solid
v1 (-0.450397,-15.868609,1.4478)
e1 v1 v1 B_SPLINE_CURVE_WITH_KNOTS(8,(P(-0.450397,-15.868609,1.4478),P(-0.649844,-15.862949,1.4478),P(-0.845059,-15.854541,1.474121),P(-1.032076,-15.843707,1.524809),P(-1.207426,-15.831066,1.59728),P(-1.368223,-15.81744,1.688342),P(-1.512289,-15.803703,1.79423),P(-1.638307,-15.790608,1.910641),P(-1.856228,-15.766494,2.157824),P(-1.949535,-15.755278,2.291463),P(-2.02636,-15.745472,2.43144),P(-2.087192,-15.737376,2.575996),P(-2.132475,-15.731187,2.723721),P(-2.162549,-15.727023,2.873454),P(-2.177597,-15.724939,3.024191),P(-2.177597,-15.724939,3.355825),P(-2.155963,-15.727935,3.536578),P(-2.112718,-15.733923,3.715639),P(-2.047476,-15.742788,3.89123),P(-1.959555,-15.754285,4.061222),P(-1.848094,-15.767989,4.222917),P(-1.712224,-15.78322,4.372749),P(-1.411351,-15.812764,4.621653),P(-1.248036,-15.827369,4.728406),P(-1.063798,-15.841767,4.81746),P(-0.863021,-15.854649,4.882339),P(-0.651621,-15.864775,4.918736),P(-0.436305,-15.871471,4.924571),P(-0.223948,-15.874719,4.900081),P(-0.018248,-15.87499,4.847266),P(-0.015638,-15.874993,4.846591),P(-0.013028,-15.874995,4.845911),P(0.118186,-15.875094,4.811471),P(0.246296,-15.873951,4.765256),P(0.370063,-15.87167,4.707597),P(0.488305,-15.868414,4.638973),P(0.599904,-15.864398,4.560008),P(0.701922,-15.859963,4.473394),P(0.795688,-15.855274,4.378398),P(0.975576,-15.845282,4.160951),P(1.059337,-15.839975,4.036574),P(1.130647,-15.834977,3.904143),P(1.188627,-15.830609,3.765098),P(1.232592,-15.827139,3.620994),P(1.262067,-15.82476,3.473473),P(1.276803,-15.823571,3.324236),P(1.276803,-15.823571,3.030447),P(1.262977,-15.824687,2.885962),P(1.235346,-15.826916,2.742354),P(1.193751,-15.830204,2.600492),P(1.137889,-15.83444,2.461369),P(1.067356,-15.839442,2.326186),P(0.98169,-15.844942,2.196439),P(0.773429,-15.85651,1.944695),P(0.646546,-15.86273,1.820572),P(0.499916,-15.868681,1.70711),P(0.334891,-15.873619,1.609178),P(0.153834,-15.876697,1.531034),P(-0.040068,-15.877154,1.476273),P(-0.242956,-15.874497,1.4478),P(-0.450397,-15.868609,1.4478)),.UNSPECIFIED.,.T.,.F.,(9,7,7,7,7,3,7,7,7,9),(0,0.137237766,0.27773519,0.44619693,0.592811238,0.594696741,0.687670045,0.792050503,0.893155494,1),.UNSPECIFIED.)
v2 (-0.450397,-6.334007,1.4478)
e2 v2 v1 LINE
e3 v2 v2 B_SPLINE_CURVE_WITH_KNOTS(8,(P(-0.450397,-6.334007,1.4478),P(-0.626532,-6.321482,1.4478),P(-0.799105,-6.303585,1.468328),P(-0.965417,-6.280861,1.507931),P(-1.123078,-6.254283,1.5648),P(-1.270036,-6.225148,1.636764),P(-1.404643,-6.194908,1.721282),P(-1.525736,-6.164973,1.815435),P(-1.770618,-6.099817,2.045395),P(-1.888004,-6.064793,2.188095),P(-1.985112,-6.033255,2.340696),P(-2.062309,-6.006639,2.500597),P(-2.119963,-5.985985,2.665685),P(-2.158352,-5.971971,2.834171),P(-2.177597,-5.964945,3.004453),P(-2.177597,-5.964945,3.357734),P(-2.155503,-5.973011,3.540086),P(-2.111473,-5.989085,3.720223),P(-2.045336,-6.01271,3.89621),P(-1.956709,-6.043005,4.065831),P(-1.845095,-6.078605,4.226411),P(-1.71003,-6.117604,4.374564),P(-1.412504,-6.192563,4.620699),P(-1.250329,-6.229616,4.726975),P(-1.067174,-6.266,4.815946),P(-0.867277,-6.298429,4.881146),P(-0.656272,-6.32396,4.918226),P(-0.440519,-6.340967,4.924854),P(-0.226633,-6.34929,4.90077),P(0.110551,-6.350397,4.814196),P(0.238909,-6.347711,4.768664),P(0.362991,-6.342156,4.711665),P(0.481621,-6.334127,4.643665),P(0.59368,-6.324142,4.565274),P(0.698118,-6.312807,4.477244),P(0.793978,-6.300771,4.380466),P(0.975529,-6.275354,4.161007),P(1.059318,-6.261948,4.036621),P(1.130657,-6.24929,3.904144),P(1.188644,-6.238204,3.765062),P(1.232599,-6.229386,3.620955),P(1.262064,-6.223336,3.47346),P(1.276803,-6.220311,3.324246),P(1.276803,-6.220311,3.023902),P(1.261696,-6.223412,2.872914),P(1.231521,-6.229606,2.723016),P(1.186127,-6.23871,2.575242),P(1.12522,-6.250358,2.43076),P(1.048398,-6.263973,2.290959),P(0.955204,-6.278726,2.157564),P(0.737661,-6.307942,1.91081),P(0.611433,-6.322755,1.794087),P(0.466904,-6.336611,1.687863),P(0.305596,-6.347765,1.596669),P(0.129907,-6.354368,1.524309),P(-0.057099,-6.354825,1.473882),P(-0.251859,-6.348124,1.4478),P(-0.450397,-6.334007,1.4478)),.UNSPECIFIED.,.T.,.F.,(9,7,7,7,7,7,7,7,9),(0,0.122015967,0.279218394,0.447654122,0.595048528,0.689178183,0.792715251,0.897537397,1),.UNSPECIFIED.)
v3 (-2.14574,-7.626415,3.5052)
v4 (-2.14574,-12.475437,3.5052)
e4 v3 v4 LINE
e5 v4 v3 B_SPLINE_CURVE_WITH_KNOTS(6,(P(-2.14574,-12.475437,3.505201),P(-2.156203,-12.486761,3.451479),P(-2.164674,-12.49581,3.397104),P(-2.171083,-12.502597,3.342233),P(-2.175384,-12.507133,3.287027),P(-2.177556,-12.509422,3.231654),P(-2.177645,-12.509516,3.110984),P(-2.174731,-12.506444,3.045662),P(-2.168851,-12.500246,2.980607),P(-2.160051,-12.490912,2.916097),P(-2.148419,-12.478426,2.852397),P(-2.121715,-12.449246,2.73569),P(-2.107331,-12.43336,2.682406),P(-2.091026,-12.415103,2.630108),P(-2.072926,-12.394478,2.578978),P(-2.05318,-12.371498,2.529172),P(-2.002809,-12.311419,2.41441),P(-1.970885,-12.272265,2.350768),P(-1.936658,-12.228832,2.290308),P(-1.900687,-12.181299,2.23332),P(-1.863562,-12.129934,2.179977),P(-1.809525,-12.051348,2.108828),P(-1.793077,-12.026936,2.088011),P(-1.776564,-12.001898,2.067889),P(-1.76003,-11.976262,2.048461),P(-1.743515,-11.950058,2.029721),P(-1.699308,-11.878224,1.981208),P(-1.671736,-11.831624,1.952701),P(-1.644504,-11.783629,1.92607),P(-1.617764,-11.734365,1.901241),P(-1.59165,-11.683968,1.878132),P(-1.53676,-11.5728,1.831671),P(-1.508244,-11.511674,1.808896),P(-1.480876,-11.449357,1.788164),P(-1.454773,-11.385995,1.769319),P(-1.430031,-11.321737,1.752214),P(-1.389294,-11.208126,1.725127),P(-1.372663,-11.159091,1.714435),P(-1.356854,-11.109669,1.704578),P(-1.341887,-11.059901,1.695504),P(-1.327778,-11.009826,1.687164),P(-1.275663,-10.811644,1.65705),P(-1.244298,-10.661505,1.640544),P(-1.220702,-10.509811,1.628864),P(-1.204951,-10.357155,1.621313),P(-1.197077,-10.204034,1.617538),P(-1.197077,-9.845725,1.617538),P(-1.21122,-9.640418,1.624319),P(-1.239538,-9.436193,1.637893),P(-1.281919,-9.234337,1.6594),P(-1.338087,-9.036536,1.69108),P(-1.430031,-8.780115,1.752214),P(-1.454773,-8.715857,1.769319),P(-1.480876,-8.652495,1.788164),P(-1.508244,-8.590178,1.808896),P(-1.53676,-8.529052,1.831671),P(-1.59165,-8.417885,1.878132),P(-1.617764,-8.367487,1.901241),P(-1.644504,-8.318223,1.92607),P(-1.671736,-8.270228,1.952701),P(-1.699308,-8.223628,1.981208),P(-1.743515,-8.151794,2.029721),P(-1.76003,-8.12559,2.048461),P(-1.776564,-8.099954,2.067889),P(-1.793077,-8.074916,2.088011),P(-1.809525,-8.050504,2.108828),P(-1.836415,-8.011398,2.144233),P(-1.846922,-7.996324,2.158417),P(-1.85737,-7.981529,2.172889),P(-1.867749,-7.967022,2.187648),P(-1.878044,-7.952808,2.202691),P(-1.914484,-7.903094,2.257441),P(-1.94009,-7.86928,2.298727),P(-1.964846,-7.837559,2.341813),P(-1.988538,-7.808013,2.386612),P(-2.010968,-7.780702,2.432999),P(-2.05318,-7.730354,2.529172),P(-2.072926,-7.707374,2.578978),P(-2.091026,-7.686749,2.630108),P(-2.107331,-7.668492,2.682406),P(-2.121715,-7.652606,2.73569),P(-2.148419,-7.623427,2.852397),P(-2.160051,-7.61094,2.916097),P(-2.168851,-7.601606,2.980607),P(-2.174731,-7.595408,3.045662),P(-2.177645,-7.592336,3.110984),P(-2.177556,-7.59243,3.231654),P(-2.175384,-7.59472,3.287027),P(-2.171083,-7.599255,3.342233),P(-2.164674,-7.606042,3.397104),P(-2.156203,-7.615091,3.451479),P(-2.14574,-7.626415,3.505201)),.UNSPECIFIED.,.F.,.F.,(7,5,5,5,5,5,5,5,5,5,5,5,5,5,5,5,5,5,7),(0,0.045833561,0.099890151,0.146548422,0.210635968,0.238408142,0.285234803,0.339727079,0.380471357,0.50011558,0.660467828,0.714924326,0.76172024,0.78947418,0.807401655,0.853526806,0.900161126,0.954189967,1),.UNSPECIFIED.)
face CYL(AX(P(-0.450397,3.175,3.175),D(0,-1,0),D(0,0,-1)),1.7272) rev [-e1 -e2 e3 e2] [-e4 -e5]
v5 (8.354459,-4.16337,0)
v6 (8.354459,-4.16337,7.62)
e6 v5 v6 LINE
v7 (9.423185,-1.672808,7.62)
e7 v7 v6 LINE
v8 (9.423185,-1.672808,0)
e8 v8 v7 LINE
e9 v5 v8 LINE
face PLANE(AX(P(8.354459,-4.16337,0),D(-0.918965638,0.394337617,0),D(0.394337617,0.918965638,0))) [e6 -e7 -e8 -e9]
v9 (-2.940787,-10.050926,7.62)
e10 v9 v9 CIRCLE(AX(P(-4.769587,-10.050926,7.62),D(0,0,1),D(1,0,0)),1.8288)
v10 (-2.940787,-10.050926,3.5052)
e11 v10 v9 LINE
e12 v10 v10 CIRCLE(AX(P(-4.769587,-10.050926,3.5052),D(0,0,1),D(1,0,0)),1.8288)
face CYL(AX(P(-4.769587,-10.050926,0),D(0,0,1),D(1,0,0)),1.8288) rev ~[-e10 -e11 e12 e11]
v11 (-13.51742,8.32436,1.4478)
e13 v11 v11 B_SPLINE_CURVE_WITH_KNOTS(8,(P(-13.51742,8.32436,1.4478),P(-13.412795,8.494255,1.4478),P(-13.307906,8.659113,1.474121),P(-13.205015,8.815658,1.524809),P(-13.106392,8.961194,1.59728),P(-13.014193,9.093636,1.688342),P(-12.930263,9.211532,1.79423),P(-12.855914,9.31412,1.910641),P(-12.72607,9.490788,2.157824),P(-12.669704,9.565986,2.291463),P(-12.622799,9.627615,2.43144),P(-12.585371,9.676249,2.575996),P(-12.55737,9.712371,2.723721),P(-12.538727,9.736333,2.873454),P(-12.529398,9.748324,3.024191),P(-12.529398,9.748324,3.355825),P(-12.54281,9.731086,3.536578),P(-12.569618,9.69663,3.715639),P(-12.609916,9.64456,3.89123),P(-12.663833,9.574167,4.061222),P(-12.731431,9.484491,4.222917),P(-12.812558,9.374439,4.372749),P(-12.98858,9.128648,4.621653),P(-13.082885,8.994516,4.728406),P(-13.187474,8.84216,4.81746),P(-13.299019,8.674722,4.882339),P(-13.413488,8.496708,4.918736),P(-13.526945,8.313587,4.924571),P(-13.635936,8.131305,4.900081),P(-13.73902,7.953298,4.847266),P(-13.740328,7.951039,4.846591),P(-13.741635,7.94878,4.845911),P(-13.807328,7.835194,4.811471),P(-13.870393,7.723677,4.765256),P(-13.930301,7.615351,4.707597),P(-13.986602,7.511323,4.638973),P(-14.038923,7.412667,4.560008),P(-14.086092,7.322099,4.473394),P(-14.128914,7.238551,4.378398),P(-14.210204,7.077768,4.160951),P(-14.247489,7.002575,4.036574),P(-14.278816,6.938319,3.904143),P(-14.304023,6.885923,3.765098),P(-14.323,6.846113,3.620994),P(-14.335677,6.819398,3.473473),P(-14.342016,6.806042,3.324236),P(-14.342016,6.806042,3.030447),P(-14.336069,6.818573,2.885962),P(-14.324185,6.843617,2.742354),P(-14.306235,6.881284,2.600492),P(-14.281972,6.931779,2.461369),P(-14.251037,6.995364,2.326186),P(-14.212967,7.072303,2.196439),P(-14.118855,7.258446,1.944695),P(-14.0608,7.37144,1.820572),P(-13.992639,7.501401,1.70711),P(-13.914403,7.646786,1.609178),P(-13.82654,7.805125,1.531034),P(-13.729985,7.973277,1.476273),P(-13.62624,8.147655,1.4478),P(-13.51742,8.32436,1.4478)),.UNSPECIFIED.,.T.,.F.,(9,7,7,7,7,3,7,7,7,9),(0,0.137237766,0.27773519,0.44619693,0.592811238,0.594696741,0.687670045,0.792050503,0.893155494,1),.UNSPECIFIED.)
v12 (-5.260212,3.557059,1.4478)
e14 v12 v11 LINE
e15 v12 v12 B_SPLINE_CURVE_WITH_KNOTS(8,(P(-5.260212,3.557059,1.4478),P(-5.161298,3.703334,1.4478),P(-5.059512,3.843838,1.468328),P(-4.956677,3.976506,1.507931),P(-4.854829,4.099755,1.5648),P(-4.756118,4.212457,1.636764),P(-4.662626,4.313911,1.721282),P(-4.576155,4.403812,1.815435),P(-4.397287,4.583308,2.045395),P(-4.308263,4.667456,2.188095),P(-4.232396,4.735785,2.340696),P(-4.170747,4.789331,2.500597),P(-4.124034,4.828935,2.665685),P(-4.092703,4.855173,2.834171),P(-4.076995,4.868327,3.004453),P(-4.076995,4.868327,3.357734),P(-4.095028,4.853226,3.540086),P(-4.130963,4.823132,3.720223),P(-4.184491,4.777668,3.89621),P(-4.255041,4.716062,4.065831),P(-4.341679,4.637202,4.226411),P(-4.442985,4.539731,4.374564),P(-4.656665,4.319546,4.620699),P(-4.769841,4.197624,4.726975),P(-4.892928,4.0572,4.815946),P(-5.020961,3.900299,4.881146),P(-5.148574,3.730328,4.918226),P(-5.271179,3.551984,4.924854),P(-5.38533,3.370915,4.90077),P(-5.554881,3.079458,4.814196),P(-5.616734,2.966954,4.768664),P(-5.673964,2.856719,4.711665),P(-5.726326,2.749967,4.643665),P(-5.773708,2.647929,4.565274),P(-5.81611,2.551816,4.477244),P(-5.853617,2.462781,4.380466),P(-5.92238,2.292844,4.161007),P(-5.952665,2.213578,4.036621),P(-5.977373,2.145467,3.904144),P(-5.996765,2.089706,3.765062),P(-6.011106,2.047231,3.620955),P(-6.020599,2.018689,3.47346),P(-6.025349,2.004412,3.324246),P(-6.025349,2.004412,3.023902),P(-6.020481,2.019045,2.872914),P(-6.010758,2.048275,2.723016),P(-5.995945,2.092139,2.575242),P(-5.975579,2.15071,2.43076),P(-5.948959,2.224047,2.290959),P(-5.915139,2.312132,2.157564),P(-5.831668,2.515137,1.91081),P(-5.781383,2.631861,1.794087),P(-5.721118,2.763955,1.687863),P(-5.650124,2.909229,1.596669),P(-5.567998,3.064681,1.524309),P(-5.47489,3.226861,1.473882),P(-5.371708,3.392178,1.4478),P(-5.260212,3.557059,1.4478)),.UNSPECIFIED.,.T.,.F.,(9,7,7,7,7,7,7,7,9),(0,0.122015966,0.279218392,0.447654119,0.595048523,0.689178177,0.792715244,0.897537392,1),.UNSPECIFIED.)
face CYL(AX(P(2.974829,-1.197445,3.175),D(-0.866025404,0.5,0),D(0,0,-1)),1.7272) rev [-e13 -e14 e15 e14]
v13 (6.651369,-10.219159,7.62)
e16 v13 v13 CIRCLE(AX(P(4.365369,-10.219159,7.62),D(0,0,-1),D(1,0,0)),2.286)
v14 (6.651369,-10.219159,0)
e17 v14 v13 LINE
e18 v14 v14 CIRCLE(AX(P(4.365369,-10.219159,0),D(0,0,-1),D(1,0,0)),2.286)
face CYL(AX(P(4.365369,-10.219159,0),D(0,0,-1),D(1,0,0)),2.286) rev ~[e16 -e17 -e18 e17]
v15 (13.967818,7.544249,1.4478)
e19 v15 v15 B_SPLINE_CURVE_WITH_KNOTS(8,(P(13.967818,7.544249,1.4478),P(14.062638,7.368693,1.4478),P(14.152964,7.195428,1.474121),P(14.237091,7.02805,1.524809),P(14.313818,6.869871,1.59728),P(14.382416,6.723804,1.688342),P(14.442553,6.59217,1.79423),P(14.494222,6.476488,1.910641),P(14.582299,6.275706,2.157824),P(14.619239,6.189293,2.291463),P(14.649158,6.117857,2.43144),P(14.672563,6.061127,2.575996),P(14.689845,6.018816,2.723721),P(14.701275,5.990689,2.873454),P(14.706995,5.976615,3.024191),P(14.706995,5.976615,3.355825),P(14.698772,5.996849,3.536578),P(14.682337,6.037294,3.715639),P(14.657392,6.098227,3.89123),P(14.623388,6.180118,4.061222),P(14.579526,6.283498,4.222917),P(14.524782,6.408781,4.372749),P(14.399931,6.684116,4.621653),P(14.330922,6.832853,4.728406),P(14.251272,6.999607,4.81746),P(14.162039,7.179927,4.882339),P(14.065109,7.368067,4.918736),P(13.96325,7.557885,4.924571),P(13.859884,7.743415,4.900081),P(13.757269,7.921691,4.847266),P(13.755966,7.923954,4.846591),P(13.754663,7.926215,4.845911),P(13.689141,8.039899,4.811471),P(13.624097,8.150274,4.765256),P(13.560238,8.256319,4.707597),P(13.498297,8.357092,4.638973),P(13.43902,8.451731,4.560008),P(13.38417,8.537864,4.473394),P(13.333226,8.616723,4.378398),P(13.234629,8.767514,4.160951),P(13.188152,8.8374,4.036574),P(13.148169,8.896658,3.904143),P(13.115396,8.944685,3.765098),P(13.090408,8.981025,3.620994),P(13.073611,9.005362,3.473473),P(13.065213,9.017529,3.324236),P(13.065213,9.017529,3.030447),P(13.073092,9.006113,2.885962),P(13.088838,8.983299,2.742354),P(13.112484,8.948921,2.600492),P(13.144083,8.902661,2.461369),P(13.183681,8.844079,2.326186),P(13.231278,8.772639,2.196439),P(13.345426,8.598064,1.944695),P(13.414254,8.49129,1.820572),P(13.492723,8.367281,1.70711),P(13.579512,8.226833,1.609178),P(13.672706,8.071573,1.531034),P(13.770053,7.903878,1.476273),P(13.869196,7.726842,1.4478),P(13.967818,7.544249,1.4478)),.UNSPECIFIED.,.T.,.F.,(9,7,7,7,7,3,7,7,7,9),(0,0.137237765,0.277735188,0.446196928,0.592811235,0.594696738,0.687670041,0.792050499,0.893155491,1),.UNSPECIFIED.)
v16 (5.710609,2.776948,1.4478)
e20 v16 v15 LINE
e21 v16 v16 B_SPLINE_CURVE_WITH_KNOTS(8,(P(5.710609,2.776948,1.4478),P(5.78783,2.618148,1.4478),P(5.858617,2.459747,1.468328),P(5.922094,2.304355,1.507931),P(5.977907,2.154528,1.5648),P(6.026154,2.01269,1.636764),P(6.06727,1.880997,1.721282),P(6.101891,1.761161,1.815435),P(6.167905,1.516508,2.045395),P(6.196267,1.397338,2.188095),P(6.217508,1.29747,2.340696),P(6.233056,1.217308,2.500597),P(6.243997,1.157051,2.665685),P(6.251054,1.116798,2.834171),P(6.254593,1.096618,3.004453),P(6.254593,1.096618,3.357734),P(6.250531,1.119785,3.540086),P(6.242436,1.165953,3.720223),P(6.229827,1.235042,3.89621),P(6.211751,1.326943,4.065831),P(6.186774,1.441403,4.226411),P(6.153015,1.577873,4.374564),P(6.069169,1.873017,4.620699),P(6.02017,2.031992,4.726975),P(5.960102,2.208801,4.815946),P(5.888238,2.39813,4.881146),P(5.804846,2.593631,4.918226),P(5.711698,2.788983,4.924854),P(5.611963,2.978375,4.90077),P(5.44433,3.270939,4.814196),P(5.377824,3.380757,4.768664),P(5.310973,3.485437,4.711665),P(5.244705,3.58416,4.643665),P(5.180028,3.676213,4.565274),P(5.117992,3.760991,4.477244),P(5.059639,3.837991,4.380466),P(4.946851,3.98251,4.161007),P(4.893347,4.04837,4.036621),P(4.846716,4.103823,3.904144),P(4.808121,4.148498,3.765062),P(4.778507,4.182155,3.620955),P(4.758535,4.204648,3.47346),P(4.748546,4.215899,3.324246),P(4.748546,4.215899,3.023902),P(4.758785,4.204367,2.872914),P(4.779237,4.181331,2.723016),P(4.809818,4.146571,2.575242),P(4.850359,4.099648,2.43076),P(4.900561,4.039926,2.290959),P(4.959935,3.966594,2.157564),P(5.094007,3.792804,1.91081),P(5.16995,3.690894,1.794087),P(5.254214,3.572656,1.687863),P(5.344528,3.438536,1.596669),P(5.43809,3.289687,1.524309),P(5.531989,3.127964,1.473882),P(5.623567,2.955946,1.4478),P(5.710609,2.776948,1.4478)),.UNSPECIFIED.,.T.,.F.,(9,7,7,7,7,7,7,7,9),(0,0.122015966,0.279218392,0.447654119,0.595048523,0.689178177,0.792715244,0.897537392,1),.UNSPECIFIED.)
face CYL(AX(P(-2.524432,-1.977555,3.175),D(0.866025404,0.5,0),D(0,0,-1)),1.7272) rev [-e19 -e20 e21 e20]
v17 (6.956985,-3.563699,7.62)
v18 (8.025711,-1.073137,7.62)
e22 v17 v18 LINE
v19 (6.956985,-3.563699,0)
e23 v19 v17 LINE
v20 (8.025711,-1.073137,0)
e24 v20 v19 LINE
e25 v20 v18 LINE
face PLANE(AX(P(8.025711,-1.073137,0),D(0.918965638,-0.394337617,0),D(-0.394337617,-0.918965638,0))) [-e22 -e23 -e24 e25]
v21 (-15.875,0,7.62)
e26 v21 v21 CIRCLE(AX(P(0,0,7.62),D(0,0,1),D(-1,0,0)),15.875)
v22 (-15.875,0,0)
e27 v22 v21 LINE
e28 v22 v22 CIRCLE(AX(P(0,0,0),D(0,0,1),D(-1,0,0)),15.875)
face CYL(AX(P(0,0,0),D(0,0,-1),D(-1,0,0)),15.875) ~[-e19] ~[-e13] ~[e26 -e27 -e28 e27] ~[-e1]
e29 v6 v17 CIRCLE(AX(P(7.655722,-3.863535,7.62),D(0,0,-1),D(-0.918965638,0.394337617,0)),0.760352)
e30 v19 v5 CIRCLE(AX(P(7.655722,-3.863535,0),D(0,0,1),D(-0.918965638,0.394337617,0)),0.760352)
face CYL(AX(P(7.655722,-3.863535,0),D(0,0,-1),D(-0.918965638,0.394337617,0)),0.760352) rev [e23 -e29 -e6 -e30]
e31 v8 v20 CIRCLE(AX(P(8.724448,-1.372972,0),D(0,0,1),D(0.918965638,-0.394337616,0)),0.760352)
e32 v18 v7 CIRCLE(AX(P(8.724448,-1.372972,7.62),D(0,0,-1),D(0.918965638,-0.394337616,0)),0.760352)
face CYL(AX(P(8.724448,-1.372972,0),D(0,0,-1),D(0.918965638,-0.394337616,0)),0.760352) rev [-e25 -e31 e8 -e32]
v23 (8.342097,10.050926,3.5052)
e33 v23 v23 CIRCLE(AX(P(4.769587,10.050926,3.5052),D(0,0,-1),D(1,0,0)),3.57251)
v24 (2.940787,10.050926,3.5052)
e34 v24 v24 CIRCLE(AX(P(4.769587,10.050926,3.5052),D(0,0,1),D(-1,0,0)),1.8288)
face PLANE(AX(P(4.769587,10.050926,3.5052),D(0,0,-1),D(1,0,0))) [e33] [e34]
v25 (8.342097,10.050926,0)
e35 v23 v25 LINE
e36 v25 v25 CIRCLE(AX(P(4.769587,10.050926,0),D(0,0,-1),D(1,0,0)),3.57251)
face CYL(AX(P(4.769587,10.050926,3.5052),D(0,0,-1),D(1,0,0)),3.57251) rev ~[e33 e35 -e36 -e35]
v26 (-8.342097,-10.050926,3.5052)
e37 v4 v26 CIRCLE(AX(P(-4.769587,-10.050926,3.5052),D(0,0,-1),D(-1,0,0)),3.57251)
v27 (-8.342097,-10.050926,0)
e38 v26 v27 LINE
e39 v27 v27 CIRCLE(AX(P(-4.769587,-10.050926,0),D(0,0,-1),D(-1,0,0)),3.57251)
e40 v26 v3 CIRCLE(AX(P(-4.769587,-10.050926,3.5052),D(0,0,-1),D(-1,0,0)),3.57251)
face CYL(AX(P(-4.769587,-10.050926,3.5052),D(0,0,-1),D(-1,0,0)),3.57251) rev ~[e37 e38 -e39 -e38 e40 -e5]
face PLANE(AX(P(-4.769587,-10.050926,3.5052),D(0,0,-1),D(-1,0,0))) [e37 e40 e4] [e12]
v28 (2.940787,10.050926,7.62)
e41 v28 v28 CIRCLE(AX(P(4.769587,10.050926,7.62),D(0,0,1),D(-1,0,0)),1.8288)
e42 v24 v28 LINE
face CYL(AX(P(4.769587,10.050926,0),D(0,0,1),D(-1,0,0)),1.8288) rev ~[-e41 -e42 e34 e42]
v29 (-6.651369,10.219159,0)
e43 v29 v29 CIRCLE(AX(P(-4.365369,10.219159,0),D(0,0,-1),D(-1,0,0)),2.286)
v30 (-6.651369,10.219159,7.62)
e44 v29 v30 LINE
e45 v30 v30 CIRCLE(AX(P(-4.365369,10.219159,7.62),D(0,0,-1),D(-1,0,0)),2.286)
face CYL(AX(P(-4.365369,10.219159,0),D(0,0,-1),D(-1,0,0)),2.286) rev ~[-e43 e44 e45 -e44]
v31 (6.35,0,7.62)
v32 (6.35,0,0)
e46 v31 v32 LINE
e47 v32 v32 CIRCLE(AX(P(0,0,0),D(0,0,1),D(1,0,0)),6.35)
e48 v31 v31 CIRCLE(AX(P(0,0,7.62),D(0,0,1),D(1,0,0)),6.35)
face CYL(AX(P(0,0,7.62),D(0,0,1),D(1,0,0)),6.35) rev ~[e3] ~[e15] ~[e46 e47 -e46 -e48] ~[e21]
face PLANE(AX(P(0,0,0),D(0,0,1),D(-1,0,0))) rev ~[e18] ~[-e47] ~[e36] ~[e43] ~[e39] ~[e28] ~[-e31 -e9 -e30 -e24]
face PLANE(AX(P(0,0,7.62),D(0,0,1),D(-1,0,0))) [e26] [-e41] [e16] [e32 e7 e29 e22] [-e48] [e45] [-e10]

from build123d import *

# Parameters (mm, degrees)
SKETCH1_R                                      = 15.875
BOSS_EXTRUDE1_DEPTH                            = 7.62
SKETCH2_R                                      = 6.35
CUT_EXTRUDE1_DEPTH                             = 24.708556472
CIRPATTERN1_COUNT                              = 3
CBORE_FOR_6_SOCKET_HEAD_CAP_SCREW1_D           = 3.6576
CBORE_FOR_6_SOCKET_HEAD_CAP_SCREW1_CBORE_D     = 7.14502
CBORE_FOR_6_SOCKET_HEAD_CAP_SCREW1_CBORE_DEPTH = 3.5052
CIRPATTERN2_COUNT                              = 2
SKETCH42_R                                     = 2.286
CUT_EXTRUDE2_DEPTH                             = 7.62
CIRPATTERN3_COUNT                              = 2
CUT_EXTRUDE3_DEPTH                             = 24.70855664


with BuildPart() as part:
    # Sketch1 → Boss-Extrude1 (new body)
    with BuildSketch(Plane.XY):
        with Locations(Location((0, 0, 0), (0, 0, 180))):
            Circle(SKETCH1_R)
    extrude(amount=BOSS_EXTRUDE1_DEPTH)

    # Sketch2 → Cut-Extrude1 (cut, through all)
    with BuildSketch(Plane.XY.offset(7.62)):
        Circle(SKETCH2_R)
    extrude(amount=-CUT_EXTRUDE1_DEPTH, mode=Mode.SUBTRACT)

    # Sketch36 → Tap Drill for #8-32 Tap1 (revolve, cut)
    with BuildSketch(Plane(origin=(-0.450397279, -15.875, 3.175), x_dir=(0, 0, -1), z_dir=(1, 0, 0))):
        Polygon((0, 0), (0, 20.499292883), (1.7272, 19.05), (1.7272, 0), align=None)
    tap_drill_for_8_32_tap1 = revolve(axis=Axis((-0.450397279, -22.225, 3.175), (0, 1, 0)), mode=Mode.SUBTRACT)

    # CirPattern1: Tap Drill for #8-32 Tap1 ×3 about axis
    cirpattern1_axis = Axis((0, 0, 7.62), (0, 0, -1))
    for i in range(1, CIRPATTERN1_COUNT):
        add(tap_drill_for_8_32_tap1.rotate(cirpattern1_axis, i * 360 / CIRPATTERN1_COUNT), mode=Mode.SUBTRACT)

    # CBORE for #6 Socket Head Cap Screw1 (through all)
    with Locations(Plane(origin=(0, 0, 0), x_dir=(-1, 0, 0), z_dir=(0, 0, -1))):
        with Locations((4.769587089, -10.050926029)):
            cbore_for_6_socket_head_cap_screw1 = CounterBoreHole(CBORE_FOR_6_SOCKET_HEAD_CAP_SCREW1_D / 2, CBORE_FOR_6_SOCKET_HEAD_CAP_SCREW1_CBORE_D / 2, CBORE_FOR_6_SOCKET_HEAD_CAP_SCREW1_CBORE_DEPTH)

    # CirPattern2: CBORE for #6 Socket Head Cap Screw1 ×2 about axis
    cirpattern2_axis = Axis((0, 0, 0), (0, 0, 1))
    for i in range(1, CIRPATTERN2_COUNT):
        add(cbore_for_6_socket_head_cap_screw1.rotate(cirpattern2_axis, i * 360 / CIRPATTERN2_COUNT), mode=Mode.SUBTRACT)

    # Sketch42 → Cut-Extrude2 (cut)
    with BuildSketch(Plane(origin=(0, 0, 0), x_dir=(-1, 0, 0), z_dir=(0, 0, -1))):
        with Locations((4.365368762, 10.219159056)):
            Circle(SKETCH42_R)
    cut_extrude2 = extrude(amount=-CUT_EXTRUDE2_DEPTH, mode=Mode.SUBTRACT)

    # CirPattern3: Cut-Extrude2 ×2 about axis
    cirpattern3_axis = Axis((0, 0, 0), (0, 0, 1))
    for i in range(1, CIRPATTERN3_COUNT):
        add(cut_extrude2.rotate(cirpattern3_axis, i * 360 / CIRPATTERN3_COUNT), mode=Mode.SUBTRACT)

    # Sketch43 → Cut-Extrude3 (cut, through all)
    with BuildSketch(Plane(origin=(0, 0, 0), x_dir=(-1, 0, 0), z_dir=(0, 0, -1))):
        with BuildLine():
            Line((-8.025711128, -1.073137194), (-6.956985206, -3.563699487))
            ThreePointArc((-6.956985206, -3.563699487), (-7.355887027, -4.562271884), (-8.354459424, -4.163370063))
            Line((-8.354459424, -4.163370063), (-9.423185347, -1.67280777))
            ThreePointArc((-9.423185347, -1.67280777), (-9.024283525, -0.674235373), (-8.025711128, -1.073137194))
        make_face()
    extrude(amount=-CUT_EXTRUDE3_DEPTH, mode=Mode.SUBTRACT)


solid = part.part
